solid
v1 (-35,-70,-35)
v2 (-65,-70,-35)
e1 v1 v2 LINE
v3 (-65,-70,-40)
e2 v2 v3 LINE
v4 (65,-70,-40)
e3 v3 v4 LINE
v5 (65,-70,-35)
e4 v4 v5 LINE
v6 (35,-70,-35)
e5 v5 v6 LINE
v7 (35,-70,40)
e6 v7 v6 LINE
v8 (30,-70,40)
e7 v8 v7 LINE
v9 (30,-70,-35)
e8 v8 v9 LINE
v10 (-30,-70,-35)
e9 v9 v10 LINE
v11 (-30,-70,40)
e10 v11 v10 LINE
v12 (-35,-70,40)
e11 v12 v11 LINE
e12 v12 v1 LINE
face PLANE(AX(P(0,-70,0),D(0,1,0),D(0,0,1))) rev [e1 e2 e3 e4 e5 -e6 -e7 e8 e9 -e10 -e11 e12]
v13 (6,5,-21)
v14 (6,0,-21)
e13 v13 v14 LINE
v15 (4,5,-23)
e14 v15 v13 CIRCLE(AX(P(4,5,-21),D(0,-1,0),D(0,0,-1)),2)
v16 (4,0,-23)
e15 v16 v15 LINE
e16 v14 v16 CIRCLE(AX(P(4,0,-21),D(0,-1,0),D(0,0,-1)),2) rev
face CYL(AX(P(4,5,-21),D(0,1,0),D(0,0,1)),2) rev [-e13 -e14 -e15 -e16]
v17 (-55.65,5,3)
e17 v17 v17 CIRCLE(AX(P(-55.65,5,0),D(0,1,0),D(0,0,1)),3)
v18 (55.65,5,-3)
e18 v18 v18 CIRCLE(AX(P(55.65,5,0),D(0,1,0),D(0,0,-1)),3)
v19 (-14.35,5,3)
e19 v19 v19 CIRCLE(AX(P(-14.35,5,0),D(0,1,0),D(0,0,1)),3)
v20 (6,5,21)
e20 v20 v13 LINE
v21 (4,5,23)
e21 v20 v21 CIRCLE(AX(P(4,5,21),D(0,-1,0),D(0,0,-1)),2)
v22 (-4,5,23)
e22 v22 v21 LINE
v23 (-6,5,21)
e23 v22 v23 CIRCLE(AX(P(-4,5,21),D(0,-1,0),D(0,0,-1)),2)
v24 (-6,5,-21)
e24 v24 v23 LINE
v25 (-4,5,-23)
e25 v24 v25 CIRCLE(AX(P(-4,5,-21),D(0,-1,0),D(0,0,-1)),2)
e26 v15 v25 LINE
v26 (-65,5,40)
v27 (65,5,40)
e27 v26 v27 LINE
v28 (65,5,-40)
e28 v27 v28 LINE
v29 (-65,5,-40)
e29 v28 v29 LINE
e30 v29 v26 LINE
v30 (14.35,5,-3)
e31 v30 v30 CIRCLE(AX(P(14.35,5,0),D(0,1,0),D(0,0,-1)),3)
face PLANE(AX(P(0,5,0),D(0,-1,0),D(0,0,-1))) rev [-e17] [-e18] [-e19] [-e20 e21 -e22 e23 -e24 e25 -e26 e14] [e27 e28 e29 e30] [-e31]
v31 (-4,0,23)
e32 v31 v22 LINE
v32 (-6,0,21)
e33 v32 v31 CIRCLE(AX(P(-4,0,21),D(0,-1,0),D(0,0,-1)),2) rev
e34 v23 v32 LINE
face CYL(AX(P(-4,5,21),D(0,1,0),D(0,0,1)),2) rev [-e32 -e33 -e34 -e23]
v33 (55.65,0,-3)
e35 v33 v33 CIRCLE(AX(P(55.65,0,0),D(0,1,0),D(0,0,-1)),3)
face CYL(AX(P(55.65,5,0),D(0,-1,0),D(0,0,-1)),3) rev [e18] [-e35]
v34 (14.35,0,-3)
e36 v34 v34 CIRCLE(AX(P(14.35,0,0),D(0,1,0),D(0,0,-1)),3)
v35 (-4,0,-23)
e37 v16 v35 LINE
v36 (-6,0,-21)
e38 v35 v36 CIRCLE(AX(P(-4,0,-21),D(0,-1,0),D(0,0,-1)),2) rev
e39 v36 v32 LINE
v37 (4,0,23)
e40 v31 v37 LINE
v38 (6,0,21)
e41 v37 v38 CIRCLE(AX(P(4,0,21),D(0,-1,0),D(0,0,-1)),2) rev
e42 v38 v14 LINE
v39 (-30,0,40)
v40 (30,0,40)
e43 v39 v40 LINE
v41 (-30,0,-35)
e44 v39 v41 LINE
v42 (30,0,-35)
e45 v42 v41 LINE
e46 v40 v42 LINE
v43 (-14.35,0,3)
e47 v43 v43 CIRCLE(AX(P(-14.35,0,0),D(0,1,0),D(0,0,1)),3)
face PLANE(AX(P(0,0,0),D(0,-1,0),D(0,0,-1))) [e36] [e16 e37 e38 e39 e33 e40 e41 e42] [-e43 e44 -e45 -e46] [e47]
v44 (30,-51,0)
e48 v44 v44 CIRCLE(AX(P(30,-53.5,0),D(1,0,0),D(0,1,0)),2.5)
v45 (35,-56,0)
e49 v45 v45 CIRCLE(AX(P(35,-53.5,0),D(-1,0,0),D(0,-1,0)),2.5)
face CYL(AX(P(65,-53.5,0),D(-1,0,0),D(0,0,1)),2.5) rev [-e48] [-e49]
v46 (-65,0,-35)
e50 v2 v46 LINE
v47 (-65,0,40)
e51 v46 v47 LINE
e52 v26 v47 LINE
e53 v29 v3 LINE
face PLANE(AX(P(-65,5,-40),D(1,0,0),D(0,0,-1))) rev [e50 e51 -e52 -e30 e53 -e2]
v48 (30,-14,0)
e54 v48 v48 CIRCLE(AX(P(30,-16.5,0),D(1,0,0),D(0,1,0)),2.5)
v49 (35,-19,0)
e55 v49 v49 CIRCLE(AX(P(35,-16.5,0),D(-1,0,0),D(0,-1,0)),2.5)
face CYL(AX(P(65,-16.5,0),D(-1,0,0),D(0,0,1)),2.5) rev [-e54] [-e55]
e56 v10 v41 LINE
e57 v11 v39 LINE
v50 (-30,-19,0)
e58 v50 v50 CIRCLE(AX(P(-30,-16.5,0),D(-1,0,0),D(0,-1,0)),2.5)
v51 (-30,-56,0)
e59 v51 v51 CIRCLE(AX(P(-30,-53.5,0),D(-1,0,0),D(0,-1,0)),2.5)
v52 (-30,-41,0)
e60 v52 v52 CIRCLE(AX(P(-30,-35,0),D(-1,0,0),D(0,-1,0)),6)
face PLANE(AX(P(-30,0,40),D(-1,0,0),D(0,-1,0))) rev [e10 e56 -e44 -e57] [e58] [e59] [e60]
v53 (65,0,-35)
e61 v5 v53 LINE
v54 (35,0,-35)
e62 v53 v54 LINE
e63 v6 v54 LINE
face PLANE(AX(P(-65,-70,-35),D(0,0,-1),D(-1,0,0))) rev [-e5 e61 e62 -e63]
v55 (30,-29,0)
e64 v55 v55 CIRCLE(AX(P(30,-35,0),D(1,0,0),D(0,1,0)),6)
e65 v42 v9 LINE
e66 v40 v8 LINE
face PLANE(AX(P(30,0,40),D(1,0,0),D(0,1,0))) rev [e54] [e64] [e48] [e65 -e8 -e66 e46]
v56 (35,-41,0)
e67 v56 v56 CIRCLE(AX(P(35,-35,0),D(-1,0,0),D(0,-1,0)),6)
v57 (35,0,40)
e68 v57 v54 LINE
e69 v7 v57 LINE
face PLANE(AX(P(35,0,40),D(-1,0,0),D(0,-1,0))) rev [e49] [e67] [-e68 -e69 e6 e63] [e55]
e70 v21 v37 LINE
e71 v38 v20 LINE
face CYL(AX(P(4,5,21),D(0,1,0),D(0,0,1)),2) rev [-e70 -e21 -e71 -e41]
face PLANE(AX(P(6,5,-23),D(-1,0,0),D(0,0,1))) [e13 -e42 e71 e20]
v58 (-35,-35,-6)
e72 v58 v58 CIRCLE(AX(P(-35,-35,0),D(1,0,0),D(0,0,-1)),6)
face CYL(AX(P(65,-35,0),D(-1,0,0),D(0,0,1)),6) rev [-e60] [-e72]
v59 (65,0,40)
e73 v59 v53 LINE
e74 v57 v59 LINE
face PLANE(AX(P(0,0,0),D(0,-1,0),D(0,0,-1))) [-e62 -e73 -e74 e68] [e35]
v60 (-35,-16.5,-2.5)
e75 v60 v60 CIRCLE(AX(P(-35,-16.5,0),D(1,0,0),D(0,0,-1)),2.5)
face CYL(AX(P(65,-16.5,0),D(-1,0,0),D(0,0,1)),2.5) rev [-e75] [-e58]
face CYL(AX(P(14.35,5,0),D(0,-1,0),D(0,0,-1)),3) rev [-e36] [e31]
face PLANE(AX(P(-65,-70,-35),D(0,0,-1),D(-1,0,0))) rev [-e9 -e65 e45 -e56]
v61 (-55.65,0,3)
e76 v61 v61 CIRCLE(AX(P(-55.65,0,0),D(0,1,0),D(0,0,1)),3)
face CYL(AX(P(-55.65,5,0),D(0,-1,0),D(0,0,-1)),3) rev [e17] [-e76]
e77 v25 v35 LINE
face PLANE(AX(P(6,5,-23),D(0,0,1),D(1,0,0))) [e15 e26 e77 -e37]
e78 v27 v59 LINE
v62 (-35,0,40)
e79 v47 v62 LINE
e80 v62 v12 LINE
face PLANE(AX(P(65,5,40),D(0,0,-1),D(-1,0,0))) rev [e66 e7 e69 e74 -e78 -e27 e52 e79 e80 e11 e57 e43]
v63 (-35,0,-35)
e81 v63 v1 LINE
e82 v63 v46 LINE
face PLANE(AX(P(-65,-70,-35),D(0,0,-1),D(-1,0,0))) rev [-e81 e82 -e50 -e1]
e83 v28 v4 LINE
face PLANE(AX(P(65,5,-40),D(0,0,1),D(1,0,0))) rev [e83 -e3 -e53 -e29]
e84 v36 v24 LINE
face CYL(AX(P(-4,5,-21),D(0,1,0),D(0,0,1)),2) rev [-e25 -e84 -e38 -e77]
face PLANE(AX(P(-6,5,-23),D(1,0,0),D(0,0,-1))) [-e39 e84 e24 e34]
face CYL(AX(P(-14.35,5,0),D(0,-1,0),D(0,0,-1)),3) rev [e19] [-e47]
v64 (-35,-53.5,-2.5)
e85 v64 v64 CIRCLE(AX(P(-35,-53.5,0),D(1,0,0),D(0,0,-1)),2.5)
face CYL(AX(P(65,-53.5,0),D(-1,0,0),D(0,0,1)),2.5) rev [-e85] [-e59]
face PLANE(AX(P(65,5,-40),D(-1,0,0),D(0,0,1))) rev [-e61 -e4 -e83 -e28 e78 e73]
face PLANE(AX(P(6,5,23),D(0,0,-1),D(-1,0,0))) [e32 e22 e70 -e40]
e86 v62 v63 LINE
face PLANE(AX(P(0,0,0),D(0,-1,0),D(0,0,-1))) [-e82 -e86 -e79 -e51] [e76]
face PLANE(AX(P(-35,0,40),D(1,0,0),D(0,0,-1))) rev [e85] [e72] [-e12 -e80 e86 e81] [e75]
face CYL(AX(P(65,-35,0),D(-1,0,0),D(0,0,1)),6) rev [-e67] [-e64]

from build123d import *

# Parameters (mm, degrees)
SKETCH1_W               = 130
SKETCH1_H               = 80
SKETCH1_R               = 3
SKETCH1_W_2             = 12
SKETCH1_H_2             = 46
BOSS_EXTRUDE1_DEPTH     = 5
FILLET1_R               = 2
SKETCH2_W               = 130
SKETCH2_H               = 5
BOSS_EXTRUDE2_DEPTH     = 70
SKETCH3_W               = 5
SKETCH3_H               = 70
BOSS_EXTRUDE3_DEPTH     = 75
CUT_EXTRUDE1_DEPTH      = 129.452325787
CUT_EXTRUDE1_DEPTH_BACK = 129.452325787
SKETCH4_R               = 6
SKETCH4_R_2             = 2.5


with BuildPart() as part:
    # Sketch1 → Boss-Extrude1 (new body)
    with BuildSketch(Plane(origin=(0, 0, 0), x_dir=(1, 0, 0), z_dir=(0, 1, 0))):
        Rectangle(SKETCH1_W, SKETCH1_H)
        with Locations(Location((-14.35, 0, 0), (0, 0, 270))):
            Circle(SKETCH1_R, mode=Mode.SUBTRACT)
        with Locations(Location((-55.65, 0, 0), (0, 0, 270))):
            Circle(SKETCH1_R, mode=Mode.SUBTRACT)
        with Locations(Location((55.65, 0, 0), (0, 0, 90))):
            Circle(SKETCH1_R, mode=Mode.SUBTRACT)
        with Locations(Location((14.35, 0, 0), (0, 0, 90))):
            Circle(SKETCH1_R, mode=Mode.SUBTRACT)
        Rectangle(SKETCH1_W_2, SKETCH1_H_2, mode=Mode.SUBTRACT)
    extrude(amount=BOSS_EXTRUDE1_DEPTH)

    # Fillet1
    fillet1_edges = [part.edges().sort_by_distance(p)[0] for p in [
        (-6, 2.5, -23),
        (-6, 2.5, 23),
        (6, 2.5, 23),
        (6, 2.5, -23),
    ]]
    fillet(fillet1_edges, radius=FILLET1_R)

    # Sketch2 → Boss-Extrude2 (add)
    with BuildSketch(Plane.XZ):
        with Locations((0, -37.5)):
            Rectangle(SKETCH2_W, SKETCH2_H)
    extrude(amount=BOSS_EXTRUDE2_DEPTH)

    # Sketch3 → Boss-Extrude3 (add)
    with BuildSketch(Plane.XY.offset(-35)):
        with Locations((-32.5, -35)):
            Rectangle(SKETCH3_W, SKETCH3_H)
        with Locations((32.5, -35)):
            Rectangle(SKETCH3_W, SKETCH3_H)
    extrude(amount=BOSS_EXTRUDE3_DEPTH)

    # Sketch4 → Cut-Extrude1 (cut, two sides: drawn at the far end of the back side and taken through both)
    with BuildSketch(Plane.ZY.offset(35).offset(-CUT_EXTRUDE1_DEPTH_BACK)):
        with Locations(Location((0, -35, 0), (0, 0, 270))):
            Circle(SKETCH4_R)
        with Locations(Location((0, -16.5, 0), (0, 0, 270))):
            Circle(SKETCH4_R_2)
        with Locations(Location((0, -53.5, 0), (0, 0, 270))):
            Circle(SKETCH4_R_2)
    extrude(amount=CUT_EXTRUDE1_DEPTH + CUT_EXTRUDE1_DEPTH_BACK, mode=Mode.SUBTRACT)


solid = part.part
